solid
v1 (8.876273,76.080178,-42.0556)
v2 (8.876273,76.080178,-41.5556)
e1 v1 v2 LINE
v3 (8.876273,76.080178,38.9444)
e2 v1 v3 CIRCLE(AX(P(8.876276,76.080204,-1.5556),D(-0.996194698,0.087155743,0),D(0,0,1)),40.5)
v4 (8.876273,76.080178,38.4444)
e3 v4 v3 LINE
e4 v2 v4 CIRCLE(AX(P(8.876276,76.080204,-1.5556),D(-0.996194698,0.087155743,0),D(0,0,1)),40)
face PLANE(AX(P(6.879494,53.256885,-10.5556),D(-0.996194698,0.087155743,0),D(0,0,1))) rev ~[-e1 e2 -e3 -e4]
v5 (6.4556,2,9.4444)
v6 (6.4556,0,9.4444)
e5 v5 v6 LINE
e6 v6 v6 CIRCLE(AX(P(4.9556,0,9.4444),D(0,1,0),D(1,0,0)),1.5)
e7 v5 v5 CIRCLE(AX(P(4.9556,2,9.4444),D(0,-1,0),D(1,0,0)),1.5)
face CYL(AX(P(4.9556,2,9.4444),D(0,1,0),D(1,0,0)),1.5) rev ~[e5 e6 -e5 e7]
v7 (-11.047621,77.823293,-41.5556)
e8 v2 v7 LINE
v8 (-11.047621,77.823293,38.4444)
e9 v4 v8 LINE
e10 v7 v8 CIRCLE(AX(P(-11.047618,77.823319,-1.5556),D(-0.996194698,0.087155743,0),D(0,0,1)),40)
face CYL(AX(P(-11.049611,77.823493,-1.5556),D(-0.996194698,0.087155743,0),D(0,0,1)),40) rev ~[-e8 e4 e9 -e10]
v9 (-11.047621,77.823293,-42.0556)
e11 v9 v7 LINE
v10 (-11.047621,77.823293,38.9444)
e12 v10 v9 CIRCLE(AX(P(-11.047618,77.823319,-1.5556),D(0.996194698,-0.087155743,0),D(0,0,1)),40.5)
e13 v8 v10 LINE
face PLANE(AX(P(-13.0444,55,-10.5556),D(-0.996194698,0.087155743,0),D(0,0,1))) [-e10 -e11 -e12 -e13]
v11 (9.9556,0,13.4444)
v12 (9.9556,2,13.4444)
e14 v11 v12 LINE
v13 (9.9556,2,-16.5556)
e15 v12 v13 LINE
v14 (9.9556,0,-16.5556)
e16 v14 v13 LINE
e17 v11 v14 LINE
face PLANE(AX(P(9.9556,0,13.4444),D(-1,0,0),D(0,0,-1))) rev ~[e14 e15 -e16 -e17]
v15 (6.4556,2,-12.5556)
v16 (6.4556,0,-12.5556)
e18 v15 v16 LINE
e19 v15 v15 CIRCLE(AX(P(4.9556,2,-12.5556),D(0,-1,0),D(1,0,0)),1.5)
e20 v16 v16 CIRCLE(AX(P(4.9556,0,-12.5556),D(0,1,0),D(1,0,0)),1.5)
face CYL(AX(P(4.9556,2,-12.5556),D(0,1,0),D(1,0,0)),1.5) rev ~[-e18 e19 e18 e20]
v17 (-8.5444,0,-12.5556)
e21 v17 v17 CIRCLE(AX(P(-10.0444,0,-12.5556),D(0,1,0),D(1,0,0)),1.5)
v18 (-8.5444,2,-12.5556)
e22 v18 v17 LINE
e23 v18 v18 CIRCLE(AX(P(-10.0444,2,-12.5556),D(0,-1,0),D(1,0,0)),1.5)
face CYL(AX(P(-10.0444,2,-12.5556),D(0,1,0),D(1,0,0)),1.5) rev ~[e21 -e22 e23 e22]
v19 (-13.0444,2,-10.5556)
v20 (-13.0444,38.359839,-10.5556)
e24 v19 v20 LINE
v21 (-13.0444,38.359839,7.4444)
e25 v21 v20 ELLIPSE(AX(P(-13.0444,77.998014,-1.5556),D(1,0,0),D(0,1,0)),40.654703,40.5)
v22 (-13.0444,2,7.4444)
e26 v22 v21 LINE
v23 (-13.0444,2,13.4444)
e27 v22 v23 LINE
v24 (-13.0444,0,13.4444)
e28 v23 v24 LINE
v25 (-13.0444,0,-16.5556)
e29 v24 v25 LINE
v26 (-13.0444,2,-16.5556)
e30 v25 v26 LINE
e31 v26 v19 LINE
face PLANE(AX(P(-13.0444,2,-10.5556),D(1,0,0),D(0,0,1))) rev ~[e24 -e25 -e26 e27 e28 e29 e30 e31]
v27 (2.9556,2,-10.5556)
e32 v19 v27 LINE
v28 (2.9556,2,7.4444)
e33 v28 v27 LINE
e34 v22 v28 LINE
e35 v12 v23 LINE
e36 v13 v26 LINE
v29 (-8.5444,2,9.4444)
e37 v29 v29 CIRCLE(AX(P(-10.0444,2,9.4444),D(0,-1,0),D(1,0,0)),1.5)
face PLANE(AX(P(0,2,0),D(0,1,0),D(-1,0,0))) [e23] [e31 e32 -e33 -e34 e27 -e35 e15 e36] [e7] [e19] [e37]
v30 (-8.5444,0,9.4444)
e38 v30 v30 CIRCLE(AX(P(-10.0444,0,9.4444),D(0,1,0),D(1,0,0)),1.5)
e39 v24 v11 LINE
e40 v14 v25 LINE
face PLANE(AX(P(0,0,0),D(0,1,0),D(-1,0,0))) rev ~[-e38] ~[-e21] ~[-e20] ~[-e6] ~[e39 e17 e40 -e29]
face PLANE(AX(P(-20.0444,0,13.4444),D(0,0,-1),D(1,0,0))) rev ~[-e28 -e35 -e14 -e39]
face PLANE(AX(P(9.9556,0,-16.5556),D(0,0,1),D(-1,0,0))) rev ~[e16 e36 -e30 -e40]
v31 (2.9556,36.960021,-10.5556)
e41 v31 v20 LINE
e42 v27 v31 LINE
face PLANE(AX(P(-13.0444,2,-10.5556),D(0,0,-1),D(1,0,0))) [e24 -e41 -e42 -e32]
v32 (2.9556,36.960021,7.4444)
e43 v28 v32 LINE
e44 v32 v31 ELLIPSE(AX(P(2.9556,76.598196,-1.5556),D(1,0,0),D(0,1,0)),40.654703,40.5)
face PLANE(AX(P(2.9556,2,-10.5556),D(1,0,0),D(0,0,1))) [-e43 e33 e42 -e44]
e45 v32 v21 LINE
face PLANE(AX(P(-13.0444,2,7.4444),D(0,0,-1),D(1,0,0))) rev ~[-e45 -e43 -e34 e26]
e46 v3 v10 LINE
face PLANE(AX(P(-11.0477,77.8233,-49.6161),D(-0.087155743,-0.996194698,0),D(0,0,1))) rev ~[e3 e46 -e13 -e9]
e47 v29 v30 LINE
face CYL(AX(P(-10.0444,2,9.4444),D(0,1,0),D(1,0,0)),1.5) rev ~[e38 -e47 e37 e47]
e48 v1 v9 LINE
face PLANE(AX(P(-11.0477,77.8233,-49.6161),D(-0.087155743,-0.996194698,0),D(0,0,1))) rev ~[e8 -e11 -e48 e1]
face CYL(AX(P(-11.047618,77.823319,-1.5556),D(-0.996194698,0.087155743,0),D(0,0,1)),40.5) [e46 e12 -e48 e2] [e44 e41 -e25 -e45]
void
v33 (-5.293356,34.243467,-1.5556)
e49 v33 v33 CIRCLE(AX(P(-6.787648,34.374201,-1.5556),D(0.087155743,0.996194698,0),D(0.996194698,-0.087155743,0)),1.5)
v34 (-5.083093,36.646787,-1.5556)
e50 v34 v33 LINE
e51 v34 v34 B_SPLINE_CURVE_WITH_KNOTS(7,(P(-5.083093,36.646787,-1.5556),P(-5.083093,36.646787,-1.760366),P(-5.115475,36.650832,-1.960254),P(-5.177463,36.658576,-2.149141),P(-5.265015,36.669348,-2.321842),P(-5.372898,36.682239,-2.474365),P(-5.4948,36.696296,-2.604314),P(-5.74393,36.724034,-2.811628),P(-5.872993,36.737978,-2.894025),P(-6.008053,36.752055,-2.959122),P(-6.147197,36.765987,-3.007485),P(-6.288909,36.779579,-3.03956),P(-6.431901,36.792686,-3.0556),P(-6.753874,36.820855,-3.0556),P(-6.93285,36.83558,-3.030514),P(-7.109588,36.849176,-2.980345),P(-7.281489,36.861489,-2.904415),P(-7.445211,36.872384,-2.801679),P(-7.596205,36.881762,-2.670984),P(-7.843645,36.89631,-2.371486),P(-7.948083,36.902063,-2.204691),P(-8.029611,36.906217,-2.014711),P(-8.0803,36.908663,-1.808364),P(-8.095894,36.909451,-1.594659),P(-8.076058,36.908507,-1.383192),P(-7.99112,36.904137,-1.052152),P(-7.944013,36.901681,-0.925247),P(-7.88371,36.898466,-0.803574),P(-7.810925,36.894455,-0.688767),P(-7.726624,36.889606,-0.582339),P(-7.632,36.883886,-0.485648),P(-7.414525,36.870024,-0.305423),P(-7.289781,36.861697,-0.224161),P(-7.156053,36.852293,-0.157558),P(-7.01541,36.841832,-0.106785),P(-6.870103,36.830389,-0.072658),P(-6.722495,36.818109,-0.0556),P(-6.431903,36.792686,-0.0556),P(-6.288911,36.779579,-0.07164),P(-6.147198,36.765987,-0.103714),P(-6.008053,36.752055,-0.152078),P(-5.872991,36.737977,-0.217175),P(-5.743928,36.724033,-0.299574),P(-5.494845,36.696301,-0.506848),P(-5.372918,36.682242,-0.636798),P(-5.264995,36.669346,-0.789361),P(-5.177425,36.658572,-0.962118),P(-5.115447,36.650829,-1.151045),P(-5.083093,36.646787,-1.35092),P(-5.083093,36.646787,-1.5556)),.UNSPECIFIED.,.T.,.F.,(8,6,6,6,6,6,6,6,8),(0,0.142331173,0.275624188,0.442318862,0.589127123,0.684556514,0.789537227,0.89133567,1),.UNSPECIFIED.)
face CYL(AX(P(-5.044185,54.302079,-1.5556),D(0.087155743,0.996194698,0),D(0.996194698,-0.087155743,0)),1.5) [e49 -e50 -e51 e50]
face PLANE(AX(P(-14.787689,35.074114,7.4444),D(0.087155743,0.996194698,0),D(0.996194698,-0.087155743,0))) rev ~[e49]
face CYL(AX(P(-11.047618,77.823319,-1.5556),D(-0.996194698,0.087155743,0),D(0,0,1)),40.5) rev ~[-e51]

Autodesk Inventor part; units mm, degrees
ref_plane "YZ Plane" through (0, 0, 0) normal (1, 0, 0) x (0, 1, 0)
ref_plane "XZ Plane" through (0, 0, 0) normal (0, 1, 0) x (-1, 0, 0)
sketch "草图1" plane through (0, 0, 0) normal (0, 1, 0) x (-1, 0, 0)
  line L0 (20.0444, 13.4444) -> (-9.9556, 13.4444)
  line L1 (-9.9556, 13.4444) -> (-9.9556, -16.5556)
  line L2 (-9.9556, -16.5556) -> (20.0444, -16.5556)
  line L3 (20.0444, -16.5556) -> (20.0444, 13.4444)
  line L4 (0.0444, 13.4444) -> (-7.4556, 13.4444)
  line L5 (0.0444, 13.4444) -> (7.5444, 13.4444)
  dimension "d0" = 30
  dimension "d1" = 30
extrude "拉伸1" add sketch "草图1" along normal blind 2
sketch "草图2" plane through (0, 2, 0) normal (0, 1, 0) x (1, 0, 0)
  line L0 (9.9556, 16.5556) -> (-20.0444, 16.5556) projected
  circle A0 centre (4.9556, 12.5556) radius 1.5
  circle A1 centre (-10.0444, 12.5556) radius 1.5
  circle A2 centre (-10.0444, -9.4444) radius 1.5
  circle A3 centre (4.9556, -9.4444) radius 1.5
  line L1 (-10.0444, 12.5556) -> (-10.0444, 16.5556)
  line L2 (4.9556, 12.5556) -> (4.9556, 16.5556)
  line L3 (-10.0444, -9.4444) -> (-10.0444, -13.4444)
  line L4 (-20.0444, -13.4444) -> (9.9556, -13.4444) projected
  line L5 (4.9556, -9.4444) -> (4.9556, -13.4444)
  line L6 (9.9556, -13.4444) -> (9.9556, 16.5556) projected
  line L7 (-20.0444, 16.5556) -> (-20.0444, -13.4444) projected
  point P0 (0, 0)
  dimension "d15" = 3
  dimension "d16" = 3
  dimension "d17" = 3
  dimension "d108" = 4
  dimension "d109" = 4
  dimension "d110" = 4
  dimension "d111" = 4
  dimension "d112" = 5
  dimension "d113" = 10
extrude "拉伸2" cut sketch "草图2" against normal blind 2 contours A0 | A1 | A2 | A3
sketch "草图3" plane through (0, 2, 0) normal (0, 1, 0) x (1, 0, 0)
  circle A0 centre (4.9556, 12.5556) radius 1.5 projected
  circle A1 centre (-10.0444, -9.4444) radius 1.5 projected
  line L0 (2.9556, 10.5556) -> (2.9556, -7.4444)
  line L1 (-13.0444, 10.5556) -> (-13.0444, -7.4444)
  line L2 (-13.0444, -7.4444) -> (2.9556, -7.4444)
  line L3 (-13.0444, 10.5556) -> (2.9556, 10.5556)
  line L4 (-22.598, 1.5556) -> (13.9828, 1.5556)
  point P0 (0, 0)
  dimension "d137" = 11
extrude "拉伸3" add sketch "草图3" along normal blind 53 contours L0 L4 L1 L3 | L0 L2 L1 L4
chamfer "倒角5" distance 16 angle 5 1 edges at (2.9556, 55, -1.5556) measured on face at (-2.3778, 55, 1.4444)
sketch "草图29" plane through (0, 2, 0) normal (0, 1, 0) x (1, 0, 0)
  line L0 (-13.0444, -7.4444) -> (-13.0444, 10.5556) projected
  line L1 (-13.0444, 10.5556) -> (-20.9964, 10.5556)
  line L2 (-20.9964, 10.5556) -> (-20.9964, -16.1821)
  line L3 (-20.9964, -16.1821) -> (-13.0444, -16.1821)
  line L4 (-13.0444, -16.1821) -> (-13.0444, 10.5556)
  line L5 (-13.0444, 10.5556) -> (-22.8537, 10.5556)
  line L6 (-22.8537, 10.5556) -> (-22.8537, 28.4787)
  line L7 (-22.8537, 28.4787) -> (-13.0444, 28.4787)
  line L8 (-13.0444, 28.4787) -> (-13.0444, 10.5556)
  point P0 (0, 0)
  point P1 (-20.0444, -13.4444)
extrude "拉伸15" cut sketch "草图29" against normal blind 20
sketch "草图31" plane through (-13.0444, 55, 7.4444) normal (0.0872, 0.9962, 0) x (0.9962, -0.0872, 0)
  line L0 (0, 18) -> (0, 0) projected
  line L1 (0, 9) -> (16.0611, 9)
  line L2 (16.0611, 0) -> (16.0611, 18) projected
  circle A0 centre (8.0306, 9) radius 1.5
  point P0 (17.7884, 7.4444)
  dimension "d134" = 3
extrude "拉伸16" cut sketch "草图31" against normal blind 20
ref_plane "工作平面4" through (-13.0444, 55, -10.5556) normal (-0.9962, 0.0872, 0) x (0, 0, 1)
ref_plane "工作平面3" through (2.9556, 53.6002, -1.5556) normal (0.0872, 0.9962, 0) x (0.9962, -0.0872, 0)
sketch "草图36" plane through (-13.0444, 55, -10.5556) normal (-0.9962, 0.0872, 0) x (0, 0, 1)
  line L0 (18, 0) -> (0, 0) projected
  circle A0 centre (9, 0) radius 15
  point P0 (10.5556, -53.6538)
  dimension "d140" = 30
extrude "拉伸17" cut sketch "草图36" against normal blind 200
sketch "草图38" plane through (-13.0444, 55, -10.5556) normal (-0.9962, 0.0872, 0) x (0, 0, 1)
  line L0 (9, -17.5895) -> (9, 63.4105)
  circle A0 centre (9, 22.9105) radius 40.5
  point P0 (10.5556, -53.6538)
  dimension "d143" = 81
extrude "拉伸18" add sketch "草图38" against normal blind 20
sketch "草图39" plane through (-11.0477, 77.8233, -1.5556) normal (-0.9962, 0.0872, 0) x (0, 0, 1)
  line L0 (-48.0605, 0) -> (68.7188, 0)
  line L1 (68.7188, 0) -> (68.7188, 57.1611)
  line L2 (68.7188, 57.1611) -> (-48.0605, 57.1611)
  line L3 (-48.0605, 57.1611) -> (-48.0605, 0)
  point P0 (1.5556, -76.5643)
extrude "拉伸19" cut sketch "草图39" against normal through all
sketch "草图41" plane through (-13.0444, 55, -10.5556) normal (-0.9962, 0.0872, 0) x (0, 0, 1)
  line L0 (49.5, 22.9105) -> (-31.5, 22.9105) projected
  circle A0 centre (9, 22.9105) radius 40
  point P0 (10.5556, -53.6538)
  dimension "d148" = 80
extrude "拉伸20" cut sketch "草图41" against normal blind 20
equation "\"折弯半径\" = 厚度"
equation "\"折弯释压宽度\" = 厚度"
equation "\"折弯释压深度\" = 0.5 * 厚度"
equation "\"拐角释压尺寸\" = 4 * 厚度"
equation "\"最小余量\" = 2 * 厚度"
equation "\"过渡半径\" = 折弯半径"
equation "\"Jacobi半径尺寸\" = 折弯半径"
equation "\"间隙大小\" = 厚度"
equation "\"厚度\" = 0.5"
properties part number "_3D 打印"
